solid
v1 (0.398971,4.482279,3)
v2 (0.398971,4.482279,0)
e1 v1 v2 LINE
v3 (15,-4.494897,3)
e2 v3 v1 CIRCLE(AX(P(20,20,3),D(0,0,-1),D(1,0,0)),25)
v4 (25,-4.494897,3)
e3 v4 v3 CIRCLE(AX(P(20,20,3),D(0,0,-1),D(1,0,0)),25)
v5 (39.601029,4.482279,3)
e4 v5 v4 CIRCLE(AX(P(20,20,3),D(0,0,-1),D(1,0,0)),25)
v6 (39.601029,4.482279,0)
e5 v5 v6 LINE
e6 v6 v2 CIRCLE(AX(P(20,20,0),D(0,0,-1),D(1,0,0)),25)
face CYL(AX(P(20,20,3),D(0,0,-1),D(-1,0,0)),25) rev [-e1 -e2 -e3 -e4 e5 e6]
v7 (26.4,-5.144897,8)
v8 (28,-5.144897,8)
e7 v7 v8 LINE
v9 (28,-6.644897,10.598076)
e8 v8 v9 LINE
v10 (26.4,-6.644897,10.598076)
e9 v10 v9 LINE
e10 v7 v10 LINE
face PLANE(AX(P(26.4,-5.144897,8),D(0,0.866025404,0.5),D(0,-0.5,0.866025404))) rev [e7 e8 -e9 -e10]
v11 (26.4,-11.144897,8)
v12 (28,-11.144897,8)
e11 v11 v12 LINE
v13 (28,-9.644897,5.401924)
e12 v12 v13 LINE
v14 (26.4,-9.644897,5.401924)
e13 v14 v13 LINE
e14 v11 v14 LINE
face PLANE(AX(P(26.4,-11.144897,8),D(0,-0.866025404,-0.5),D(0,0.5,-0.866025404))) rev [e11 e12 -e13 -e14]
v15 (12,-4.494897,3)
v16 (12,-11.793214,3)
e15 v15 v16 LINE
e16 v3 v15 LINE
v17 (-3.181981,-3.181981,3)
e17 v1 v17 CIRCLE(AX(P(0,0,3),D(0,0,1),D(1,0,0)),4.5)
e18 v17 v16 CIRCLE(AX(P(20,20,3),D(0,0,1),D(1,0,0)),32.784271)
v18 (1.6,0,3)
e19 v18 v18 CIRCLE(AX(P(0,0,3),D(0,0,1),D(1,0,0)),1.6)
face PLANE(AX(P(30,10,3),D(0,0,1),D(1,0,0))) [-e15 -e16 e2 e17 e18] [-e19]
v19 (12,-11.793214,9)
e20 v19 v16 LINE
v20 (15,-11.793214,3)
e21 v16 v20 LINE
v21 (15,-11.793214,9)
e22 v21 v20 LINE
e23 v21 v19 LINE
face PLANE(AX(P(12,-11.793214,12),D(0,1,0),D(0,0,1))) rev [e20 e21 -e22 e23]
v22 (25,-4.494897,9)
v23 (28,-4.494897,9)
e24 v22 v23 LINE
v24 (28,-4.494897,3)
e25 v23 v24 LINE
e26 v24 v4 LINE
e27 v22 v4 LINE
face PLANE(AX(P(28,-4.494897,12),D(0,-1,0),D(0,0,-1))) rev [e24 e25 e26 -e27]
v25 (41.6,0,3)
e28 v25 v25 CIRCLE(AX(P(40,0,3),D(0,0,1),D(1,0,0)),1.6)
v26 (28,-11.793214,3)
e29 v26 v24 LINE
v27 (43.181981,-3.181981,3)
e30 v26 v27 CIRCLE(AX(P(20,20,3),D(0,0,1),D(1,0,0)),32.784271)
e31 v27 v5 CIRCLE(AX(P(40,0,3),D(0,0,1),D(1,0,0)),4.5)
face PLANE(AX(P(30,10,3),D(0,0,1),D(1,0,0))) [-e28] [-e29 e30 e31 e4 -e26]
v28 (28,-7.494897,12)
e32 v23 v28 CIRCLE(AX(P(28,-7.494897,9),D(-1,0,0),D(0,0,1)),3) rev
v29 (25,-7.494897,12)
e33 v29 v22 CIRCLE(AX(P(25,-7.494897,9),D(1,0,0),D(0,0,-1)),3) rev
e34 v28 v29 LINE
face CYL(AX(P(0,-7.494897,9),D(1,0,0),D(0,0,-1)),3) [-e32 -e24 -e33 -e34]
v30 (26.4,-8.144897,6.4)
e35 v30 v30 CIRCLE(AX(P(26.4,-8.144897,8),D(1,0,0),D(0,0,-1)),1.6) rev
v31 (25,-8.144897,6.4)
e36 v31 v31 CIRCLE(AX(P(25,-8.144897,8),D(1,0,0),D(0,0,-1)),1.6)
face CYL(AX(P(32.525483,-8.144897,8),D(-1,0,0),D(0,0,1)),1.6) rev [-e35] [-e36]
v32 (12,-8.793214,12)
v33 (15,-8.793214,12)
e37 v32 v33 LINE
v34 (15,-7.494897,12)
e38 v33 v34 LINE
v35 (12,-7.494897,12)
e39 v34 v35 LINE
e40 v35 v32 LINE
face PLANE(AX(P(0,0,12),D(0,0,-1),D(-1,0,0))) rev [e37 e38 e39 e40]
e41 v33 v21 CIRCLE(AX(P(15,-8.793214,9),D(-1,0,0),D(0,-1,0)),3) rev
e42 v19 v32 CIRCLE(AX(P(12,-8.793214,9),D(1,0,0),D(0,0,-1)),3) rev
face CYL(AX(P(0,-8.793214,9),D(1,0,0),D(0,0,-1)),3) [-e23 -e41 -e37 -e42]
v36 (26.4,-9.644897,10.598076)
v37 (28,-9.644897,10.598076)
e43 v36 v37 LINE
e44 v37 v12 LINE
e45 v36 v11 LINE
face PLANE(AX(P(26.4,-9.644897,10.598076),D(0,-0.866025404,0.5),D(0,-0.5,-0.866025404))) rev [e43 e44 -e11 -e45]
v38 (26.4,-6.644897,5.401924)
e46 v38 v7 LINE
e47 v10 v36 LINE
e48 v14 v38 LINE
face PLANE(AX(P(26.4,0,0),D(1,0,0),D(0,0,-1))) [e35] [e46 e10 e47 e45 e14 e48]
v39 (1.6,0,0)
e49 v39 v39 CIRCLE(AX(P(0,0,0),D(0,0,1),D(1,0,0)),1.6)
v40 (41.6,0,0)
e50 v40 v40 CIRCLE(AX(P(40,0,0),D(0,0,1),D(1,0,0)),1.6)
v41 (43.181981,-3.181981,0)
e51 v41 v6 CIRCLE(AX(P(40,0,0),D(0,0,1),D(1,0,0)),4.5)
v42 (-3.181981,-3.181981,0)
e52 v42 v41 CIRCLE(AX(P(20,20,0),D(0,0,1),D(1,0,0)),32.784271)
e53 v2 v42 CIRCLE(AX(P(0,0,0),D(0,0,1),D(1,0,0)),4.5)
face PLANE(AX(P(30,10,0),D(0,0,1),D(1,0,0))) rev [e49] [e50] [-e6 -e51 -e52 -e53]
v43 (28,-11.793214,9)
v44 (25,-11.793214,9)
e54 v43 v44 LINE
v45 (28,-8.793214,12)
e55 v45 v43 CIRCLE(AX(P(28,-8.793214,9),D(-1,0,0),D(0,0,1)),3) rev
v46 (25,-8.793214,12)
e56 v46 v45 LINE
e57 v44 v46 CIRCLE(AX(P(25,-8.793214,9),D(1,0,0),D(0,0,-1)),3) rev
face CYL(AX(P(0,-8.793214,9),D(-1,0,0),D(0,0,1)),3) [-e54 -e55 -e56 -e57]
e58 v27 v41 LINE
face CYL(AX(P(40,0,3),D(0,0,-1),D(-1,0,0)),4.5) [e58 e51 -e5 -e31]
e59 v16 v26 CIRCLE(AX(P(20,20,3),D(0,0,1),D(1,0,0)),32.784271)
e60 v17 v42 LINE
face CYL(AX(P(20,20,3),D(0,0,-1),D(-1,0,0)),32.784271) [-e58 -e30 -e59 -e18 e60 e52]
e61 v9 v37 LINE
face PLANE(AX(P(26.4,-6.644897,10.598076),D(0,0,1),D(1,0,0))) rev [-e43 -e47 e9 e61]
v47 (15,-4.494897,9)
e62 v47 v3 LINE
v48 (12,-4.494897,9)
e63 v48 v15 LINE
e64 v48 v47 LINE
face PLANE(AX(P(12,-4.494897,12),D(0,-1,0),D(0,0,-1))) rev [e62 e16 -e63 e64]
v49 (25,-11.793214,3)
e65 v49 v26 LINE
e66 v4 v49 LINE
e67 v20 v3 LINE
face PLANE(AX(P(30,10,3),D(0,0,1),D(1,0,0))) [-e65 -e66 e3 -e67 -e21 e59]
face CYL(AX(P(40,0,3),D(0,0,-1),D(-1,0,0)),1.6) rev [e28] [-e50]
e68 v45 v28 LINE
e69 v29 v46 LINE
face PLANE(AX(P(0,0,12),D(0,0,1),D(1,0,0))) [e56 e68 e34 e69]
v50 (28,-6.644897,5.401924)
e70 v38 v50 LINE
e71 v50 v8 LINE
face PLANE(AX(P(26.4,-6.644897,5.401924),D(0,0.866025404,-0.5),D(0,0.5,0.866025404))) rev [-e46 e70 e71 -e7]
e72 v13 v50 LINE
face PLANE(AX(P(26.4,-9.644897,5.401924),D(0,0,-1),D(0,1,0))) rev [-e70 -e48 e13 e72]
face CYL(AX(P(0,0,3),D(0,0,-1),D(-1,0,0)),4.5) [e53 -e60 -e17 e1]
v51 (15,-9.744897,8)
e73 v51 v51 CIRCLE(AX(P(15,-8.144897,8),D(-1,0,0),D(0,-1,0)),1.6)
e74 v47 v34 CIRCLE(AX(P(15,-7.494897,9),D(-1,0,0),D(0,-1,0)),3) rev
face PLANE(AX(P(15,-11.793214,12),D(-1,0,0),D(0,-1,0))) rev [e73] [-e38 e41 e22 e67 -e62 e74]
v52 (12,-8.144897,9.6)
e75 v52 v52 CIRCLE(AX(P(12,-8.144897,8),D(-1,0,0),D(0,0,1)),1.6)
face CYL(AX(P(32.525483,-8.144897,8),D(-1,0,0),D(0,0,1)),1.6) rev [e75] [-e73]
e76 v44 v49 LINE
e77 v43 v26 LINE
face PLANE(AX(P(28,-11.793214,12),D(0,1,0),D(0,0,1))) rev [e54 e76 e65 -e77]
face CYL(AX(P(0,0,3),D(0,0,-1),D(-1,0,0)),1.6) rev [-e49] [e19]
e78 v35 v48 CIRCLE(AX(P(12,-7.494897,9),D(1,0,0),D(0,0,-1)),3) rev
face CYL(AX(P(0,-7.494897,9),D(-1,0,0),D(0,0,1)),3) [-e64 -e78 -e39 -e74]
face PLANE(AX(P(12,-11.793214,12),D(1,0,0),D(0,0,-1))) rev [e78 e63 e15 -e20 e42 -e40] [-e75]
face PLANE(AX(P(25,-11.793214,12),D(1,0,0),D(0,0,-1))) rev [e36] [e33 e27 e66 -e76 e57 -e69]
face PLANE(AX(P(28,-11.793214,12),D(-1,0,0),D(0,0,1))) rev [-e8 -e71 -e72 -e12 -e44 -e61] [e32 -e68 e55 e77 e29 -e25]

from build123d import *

# Parameters (mm, degrees)
CROQUIS1_R              = 1.6
SALIENTE_EXTRUIR1_DEPTH = 3
CROQUIS2_W              = 3
CROQUIS2_H              = 7.298316333
SALIENTE_EXTRUIR2_DEPTH = 9
CROQUIS3_R              = 1.6
CORTAR_EXTRUIR1_DEPTH   = 16
CORTAR_EXTRUIR2_DEPTH   = 1.6
REDONDEO1_R             = 3


with BuildPart() as part:
    # Croquis1 → Saliente-Extruir1 (new body)
    with BuildSketch(Plane.XY):
        with BuildLine():
            ThreePointArc((0.398971354, 4.482278646), (-4.076947647, 1.904861643), (-3.181980515, -3.181980515))
            ThreePointArc((-3.181980515, -3.181980515), (20, -12.784271247), (43.181980515, -3.181980515))
            ThreePointArc((43.181980515, -3.181980515), (44.076947647, 1.904861643), (39.601028646, 4.482278646))
            ThreePointArc((39.601028646, 4.482278646), (20, -5), (0.398971354, 4.482278646))
        make_face()
        Circle(CROQUIS1_R, mode=Mode.SUBTRACT)
        with Locations((40, 0)):
            Circle(CROQUIS1_R, mode=Mode.SUBTRACT)
    extrude(amount=SALIENTE_EXTRUIR1_DEPTH)

    # Croquis2 → Saliente-Extruir2 (add)
    with BuildSketch(Plane.XY.offset(3)):
        with Locations((13.5, -8.144055595)):
            Rectangle(CROQUIS2_W, CROQUIS2_H)
        with Locations((26.5, -8.144055595)):
            Rectangle(CROQUIS2_W, CROQUIS2_H)
    extrude(amount=SALIENTE_EXTRUIR2_DEPTH)

    # Croquis3 → Cortar-Extruir1 (cut)
    with BuildSketch(Plane.ZY.offset(-12)):
        with Locations((8, -8.144897428)):
            Circle(CROQUIS3_R)
    extrude(amount=-CORTAR_EXTRUIR1_DEPTH, mode=Mode.SUBTRACT)

    # Croquis4 → Cortar-Extruir2 (cut)
    with BuildSketch(Plane(origin=(28, 0, 0), x_dir=(0, 0, -1), z_dir=(1, 0, 0))):
        Polygon((-5.401923789, -9.644897428), (-5.401923789, -6.644897428), (-8, -5.144897428), (-10.598076211, -6.644897428), (-10.598076211, -9.644897428), (-8, -11.144897428), align=None)
    extrude(amount=-CORTAR_EXTRUIR2_DEPTH, mode=Mode.SUBTRACT)

    # Redondeo1
    redondeo1_edges = [part.edges().sort_by_distance(p)[0] for p in [
        (13.5, -11.793213761, 12),
        (13.5, -4.494897428, 12),
        (26.5, -4.494897428, 12),
        (26.5, -11.793213761, 12),
    ]]
    fillet(redondeo1_edges, radius=REDONDEO1_R)


solid = part.part
